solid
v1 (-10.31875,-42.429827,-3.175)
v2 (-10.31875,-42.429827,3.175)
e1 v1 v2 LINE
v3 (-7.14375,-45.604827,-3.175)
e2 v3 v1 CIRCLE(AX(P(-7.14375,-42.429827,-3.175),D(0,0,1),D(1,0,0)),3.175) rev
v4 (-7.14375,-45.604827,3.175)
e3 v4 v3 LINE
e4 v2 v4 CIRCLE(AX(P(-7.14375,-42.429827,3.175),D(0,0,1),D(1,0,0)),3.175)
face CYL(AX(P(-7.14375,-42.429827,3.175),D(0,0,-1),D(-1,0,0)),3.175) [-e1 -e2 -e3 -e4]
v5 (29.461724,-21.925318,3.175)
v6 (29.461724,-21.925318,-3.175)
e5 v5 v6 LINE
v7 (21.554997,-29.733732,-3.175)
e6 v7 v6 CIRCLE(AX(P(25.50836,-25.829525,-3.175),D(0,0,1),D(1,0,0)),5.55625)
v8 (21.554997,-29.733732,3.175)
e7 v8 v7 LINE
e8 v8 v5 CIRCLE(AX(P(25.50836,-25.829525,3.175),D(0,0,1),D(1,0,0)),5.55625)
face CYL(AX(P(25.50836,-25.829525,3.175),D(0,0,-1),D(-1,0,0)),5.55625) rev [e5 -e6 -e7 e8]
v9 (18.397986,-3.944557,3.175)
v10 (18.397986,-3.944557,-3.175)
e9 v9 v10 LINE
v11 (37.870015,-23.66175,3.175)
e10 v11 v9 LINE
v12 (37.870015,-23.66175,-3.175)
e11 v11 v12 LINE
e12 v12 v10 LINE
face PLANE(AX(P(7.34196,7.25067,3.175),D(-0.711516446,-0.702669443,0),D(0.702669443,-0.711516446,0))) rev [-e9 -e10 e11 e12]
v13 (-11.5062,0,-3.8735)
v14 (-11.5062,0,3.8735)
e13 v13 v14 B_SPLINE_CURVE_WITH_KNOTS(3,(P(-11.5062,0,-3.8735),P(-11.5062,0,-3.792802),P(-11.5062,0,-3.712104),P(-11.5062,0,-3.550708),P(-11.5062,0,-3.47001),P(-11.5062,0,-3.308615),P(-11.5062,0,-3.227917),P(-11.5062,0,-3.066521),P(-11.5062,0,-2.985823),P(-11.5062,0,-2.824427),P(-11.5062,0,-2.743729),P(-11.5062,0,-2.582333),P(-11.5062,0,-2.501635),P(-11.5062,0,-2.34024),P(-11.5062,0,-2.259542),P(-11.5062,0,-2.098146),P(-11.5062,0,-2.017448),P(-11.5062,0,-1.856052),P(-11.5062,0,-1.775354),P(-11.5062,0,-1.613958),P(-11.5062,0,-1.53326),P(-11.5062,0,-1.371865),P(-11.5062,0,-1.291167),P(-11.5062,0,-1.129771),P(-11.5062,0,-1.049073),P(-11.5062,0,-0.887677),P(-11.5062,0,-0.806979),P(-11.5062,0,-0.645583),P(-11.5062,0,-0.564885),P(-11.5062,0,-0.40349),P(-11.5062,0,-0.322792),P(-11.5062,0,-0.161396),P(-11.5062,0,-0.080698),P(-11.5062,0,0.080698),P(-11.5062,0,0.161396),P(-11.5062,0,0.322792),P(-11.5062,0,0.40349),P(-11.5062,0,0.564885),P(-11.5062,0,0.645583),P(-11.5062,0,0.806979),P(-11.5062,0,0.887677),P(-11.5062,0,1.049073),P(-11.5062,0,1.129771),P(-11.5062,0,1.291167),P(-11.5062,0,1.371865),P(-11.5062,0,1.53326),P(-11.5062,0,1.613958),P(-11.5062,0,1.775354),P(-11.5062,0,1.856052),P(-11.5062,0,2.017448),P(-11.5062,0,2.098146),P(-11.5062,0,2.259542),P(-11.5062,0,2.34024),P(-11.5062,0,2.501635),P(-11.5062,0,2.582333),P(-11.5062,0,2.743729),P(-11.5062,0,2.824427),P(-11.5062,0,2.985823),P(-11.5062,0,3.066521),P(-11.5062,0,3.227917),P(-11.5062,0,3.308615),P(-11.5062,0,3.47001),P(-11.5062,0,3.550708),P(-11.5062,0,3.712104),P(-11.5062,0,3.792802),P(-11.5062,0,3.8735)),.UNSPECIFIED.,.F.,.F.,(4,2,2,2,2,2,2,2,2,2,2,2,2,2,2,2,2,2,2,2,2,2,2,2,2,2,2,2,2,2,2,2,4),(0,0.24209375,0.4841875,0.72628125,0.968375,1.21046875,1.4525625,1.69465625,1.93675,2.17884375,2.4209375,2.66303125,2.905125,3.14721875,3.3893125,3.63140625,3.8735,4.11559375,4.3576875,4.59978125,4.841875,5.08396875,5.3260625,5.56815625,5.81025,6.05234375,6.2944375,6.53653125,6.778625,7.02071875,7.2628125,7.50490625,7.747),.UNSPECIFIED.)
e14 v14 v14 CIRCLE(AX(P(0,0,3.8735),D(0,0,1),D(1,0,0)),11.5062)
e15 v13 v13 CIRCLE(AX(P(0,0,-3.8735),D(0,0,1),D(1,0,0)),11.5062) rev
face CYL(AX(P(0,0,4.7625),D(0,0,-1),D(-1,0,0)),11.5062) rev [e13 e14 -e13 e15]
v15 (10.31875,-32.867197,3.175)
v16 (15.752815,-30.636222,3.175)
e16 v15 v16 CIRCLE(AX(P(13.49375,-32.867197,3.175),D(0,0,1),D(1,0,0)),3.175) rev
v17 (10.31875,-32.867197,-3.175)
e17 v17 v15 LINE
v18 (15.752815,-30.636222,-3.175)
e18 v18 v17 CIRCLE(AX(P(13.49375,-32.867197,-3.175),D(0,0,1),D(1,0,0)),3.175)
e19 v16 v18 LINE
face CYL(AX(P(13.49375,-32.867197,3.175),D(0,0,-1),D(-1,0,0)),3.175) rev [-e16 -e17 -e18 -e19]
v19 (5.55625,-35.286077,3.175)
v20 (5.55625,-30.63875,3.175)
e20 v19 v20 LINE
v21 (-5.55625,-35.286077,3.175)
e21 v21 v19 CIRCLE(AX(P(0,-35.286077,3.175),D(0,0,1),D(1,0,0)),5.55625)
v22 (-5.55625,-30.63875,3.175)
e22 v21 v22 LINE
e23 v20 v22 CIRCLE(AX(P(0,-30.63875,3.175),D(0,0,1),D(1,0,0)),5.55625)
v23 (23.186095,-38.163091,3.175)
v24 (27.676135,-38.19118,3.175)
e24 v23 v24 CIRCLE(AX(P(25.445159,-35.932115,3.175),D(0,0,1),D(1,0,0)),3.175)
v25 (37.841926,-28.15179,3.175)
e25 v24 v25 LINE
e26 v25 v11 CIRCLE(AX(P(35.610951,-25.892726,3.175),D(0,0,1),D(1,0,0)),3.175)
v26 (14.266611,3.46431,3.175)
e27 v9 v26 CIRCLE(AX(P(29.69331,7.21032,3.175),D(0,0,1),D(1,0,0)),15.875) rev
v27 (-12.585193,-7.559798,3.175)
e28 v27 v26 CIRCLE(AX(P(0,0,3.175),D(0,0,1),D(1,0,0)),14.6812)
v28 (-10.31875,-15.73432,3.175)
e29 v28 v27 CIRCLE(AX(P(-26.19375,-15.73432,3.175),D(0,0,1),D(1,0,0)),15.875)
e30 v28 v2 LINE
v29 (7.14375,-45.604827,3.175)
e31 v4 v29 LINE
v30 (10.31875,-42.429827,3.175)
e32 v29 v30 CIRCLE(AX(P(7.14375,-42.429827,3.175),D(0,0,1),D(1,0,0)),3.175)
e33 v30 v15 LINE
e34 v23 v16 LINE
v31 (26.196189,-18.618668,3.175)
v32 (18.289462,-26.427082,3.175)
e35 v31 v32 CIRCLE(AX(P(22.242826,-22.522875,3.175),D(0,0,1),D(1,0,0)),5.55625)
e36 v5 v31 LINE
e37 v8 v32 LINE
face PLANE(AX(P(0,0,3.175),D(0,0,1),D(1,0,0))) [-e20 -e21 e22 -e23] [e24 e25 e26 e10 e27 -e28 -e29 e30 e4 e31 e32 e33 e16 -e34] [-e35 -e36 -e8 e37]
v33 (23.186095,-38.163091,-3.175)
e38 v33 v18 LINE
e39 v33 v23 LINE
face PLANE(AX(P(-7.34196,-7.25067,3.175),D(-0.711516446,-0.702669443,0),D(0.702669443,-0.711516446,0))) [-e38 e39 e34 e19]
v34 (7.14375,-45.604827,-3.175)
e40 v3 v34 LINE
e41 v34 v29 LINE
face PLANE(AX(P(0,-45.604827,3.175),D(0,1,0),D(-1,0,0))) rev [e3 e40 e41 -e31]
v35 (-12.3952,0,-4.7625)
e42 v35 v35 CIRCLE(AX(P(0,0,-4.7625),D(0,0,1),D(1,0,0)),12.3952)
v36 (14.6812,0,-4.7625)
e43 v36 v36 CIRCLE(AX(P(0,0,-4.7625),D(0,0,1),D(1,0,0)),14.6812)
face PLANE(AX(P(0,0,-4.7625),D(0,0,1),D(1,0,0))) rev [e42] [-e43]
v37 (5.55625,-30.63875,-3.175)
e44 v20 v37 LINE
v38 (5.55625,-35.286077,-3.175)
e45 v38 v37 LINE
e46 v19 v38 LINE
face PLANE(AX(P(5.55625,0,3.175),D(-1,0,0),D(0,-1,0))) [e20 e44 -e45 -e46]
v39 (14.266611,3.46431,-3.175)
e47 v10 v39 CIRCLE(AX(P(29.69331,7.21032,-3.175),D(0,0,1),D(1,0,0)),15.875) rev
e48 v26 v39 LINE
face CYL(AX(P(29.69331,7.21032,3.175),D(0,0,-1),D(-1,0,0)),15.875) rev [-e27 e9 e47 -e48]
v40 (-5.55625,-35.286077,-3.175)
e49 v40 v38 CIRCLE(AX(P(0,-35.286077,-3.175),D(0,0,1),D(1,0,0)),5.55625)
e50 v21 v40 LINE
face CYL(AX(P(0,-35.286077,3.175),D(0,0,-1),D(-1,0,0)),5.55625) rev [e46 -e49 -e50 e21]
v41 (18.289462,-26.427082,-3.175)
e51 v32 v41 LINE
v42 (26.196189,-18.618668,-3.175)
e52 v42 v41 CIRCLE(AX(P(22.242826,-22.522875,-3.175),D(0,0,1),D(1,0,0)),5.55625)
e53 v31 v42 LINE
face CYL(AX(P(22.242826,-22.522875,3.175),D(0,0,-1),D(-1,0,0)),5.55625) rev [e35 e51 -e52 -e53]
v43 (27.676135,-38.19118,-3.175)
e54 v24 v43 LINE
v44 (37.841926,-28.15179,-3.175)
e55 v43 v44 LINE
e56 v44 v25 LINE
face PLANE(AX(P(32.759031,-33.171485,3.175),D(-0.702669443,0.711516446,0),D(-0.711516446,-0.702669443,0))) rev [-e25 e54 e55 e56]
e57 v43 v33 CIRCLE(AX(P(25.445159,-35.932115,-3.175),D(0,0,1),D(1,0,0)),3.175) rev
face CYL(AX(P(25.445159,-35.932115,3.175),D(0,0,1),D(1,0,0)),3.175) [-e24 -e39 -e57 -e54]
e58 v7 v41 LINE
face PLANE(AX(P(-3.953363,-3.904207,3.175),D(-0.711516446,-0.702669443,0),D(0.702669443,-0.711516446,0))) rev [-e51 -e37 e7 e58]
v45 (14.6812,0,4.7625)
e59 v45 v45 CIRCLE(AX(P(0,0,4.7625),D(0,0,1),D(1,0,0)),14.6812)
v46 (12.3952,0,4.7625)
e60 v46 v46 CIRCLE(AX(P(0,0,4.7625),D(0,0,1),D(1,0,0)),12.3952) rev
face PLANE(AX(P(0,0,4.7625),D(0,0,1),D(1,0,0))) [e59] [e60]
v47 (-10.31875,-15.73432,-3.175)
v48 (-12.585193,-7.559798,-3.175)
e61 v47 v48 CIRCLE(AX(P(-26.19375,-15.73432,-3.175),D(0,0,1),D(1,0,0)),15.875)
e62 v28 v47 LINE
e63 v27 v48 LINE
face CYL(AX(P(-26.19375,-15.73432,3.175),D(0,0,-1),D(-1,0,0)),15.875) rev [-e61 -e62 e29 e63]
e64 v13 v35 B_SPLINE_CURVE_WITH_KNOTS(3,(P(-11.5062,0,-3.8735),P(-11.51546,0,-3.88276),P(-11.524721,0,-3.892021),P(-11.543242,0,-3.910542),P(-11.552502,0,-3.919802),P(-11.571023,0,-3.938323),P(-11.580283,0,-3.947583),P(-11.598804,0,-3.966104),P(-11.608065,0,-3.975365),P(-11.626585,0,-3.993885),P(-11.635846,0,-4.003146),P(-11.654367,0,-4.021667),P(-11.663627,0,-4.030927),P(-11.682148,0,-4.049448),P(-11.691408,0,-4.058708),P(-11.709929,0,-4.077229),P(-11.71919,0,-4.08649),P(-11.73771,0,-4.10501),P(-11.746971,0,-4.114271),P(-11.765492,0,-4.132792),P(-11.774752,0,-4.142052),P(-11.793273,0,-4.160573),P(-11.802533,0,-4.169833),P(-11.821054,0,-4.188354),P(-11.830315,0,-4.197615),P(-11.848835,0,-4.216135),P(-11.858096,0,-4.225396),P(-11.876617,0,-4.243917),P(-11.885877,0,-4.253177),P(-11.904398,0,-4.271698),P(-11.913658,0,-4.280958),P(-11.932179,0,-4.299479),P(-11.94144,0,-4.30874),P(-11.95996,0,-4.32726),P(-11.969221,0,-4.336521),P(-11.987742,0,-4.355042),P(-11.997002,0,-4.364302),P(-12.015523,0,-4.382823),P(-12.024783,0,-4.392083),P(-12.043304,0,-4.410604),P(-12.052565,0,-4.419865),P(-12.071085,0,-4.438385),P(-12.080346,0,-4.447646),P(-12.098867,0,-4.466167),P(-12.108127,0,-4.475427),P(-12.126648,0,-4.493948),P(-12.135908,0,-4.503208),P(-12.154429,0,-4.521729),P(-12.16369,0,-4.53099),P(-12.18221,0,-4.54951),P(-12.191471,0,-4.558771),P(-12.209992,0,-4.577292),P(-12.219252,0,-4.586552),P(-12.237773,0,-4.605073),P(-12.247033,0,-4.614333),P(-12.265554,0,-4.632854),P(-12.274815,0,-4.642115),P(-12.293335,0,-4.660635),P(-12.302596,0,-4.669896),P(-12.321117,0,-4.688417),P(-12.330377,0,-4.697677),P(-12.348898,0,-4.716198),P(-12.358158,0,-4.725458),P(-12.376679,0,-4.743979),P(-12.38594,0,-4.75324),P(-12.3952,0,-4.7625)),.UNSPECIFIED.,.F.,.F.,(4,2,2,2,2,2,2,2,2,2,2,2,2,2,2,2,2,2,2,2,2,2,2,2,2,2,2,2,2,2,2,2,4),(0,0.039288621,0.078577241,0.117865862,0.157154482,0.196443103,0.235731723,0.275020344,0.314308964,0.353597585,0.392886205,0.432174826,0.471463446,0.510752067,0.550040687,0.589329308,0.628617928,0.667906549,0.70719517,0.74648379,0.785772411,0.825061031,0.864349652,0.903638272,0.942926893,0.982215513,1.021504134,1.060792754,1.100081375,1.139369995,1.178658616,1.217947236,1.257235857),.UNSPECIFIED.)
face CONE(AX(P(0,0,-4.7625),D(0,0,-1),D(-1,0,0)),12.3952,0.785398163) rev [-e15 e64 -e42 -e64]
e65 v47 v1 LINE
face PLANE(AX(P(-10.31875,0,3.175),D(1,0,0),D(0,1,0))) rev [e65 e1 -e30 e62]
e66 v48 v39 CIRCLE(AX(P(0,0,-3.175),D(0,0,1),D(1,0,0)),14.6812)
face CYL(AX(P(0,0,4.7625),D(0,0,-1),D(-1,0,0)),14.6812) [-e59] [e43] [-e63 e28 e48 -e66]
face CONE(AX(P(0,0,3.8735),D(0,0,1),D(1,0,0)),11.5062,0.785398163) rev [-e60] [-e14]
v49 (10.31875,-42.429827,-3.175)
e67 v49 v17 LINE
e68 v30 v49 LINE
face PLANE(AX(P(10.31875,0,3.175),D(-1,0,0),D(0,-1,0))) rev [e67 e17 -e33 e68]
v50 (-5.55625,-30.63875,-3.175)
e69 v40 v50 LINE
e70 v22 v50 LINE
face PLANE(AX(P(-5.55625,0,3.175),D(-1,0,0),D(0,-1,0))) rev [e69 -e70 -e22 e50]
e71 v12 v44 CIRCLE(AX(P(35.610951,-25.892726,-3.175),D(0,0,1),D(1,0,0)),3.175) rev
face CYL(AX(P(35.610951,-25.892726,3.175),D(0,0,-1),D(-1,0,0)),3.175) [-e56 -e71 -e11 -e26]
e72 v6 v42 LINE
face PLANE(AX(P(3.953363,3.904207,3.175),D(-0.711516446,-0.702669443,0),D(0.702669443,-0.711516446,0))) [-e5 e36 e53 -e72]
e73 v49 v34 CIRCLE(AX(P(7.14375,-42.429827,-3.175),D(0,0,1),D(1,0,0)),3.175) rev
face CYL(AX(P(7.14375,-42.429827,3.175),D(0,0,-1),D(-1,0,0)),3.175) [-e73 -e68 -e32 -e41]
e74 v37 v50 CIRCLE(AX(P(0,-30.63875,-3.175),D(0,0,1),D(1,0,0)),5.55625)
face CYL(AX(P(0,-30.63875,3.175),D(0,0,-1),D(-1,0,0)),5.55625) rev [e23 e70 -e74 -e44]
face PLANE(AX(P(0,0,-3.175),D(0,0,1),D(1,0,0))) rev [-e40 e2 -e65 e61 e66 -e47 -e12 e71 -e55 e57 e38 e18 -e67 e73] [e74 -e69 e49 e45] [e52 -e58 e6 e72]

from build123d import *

# Parameters (mm, degrees)
SKETCH1_R           = 11.5062
BOSS_EXTRUDE2_DEPTH = 4.7625
BOSS_EXTRUDE3_DEPTH = 3.175
FILLET1_R           = 3.175
CHAMFER1_SIZE       = 0.889


with BuildPart() as part:
    # Sketch1 → Boss-Extrude2 (new, symmetric)
    with BuildSketch(Plane.XY):
        with BuildLine():
            ThreePointArc((14.266610953, 3.464310227), (-5.575798706, 13.58116719), (-12.585193267, -7.559797873))
            ThreePointArc((-12.585193267, -7.559797873), (5.575798706, -13.58116719), (14.266610953, 3.464310227))
        make_face()
        Circle(SKETCH1_R, mode=Mode.SUBTRACT)
    extrude(amount=BOSS_EXTRUDE2_DEPTH, both=True)

    # Sketch1<4> → Boss-Extrude3 (add, symmetric)
    with BuildSketch(Plane.XY):
        with BuildLine():
            ThreePointArc((-12.585193267, -7.559797873), (-10.89585042, -11.492870345), (-10.31875, -15.734319794))
            Line((-10.31875, -15.734319794), (-10.31875, -45.604827057))
            Line((-10.31875, -45.604827057), (10.31875, -45.604827057))
            Line((10.31875, -45.604827057), (10.31875, -25.13373892))
            Line((10.31875, -25.13373892), (25.417070257, -40.422155516))
            Line((25.417070257, -40.422155516), (40.100990921, -25.920814882))
            Line((40.100990921, -25.920814882), (18.397986061, -3.944556991))
            ThreePointArc((18.397986061, -3.944556991), (15.828265578, -0.52118512), (14.266610953, 3.464310227))
            ThreePointArc((14.266610953, 3.464310227), (5.575798706, -13.58116719), (-12.585193267, -7.559797873))
        make_face()
        with BuildLine():
            ThreePointArc((5.55625, -35.286077057), (0, -40.842327057), (-5.55625, -35.286077057))
            Line((-5.55625, -35.286077057), (-5.55625, -30.63875))
            ThreePointArc((-5.55625, -30.63875), (0, -25.0825), (5.55625, -30.63875))
            Line((5.55625, -30.63875), (5.55625, -35.286077057))
        make_face(mode=Mode.SUBTRACT)
        with BuildLine():
            ThreePointArc((29.461723528, -21.925317773), (29.412567366, -29.782888123), (21.554997017, -29.733731961))
            Line((21.554997017, -29.733731961), (18.289462301, -26.427082328))
            ThreePointArc((18.289462301, -26.427082328), (18.338618463, -18.569511978), (26.196188813, -18.61866814))
            Line((26.196188813, -18.61866814), (29.461723528, -21.925317773))
        make_face(mode=Mode.SUBTRACT)
    extrude(amount=BOSS_EXTRUDE3_DEPTH, both=True)

    # Fillet1
    fillet1_edges = [part.edges().sort_by_distance(p)[0] for p in [
        (-10.31875, -45.604827057, 0),
        (40.100990921, -25.920814882, 0),
        (10.31875, -25.13373892, 0),
        (25.417070257, -40.422155516, 0),
        (10.31875, -45.604827057, 0),
    ]]
    fillet(fillet1_edges, radius=FILLET1_R)

    # Chamfer1
    chamfer1_edges = [part.edges().sort_by_distance(p)[0] for p in [
        (-11.5062, 0, -4.7625),
        (-11.5062, 0, 4.7625),
    ]]
    chamfer(chamfer1_edges, length=CHAMFER1_SIZE)


solid = part.part
